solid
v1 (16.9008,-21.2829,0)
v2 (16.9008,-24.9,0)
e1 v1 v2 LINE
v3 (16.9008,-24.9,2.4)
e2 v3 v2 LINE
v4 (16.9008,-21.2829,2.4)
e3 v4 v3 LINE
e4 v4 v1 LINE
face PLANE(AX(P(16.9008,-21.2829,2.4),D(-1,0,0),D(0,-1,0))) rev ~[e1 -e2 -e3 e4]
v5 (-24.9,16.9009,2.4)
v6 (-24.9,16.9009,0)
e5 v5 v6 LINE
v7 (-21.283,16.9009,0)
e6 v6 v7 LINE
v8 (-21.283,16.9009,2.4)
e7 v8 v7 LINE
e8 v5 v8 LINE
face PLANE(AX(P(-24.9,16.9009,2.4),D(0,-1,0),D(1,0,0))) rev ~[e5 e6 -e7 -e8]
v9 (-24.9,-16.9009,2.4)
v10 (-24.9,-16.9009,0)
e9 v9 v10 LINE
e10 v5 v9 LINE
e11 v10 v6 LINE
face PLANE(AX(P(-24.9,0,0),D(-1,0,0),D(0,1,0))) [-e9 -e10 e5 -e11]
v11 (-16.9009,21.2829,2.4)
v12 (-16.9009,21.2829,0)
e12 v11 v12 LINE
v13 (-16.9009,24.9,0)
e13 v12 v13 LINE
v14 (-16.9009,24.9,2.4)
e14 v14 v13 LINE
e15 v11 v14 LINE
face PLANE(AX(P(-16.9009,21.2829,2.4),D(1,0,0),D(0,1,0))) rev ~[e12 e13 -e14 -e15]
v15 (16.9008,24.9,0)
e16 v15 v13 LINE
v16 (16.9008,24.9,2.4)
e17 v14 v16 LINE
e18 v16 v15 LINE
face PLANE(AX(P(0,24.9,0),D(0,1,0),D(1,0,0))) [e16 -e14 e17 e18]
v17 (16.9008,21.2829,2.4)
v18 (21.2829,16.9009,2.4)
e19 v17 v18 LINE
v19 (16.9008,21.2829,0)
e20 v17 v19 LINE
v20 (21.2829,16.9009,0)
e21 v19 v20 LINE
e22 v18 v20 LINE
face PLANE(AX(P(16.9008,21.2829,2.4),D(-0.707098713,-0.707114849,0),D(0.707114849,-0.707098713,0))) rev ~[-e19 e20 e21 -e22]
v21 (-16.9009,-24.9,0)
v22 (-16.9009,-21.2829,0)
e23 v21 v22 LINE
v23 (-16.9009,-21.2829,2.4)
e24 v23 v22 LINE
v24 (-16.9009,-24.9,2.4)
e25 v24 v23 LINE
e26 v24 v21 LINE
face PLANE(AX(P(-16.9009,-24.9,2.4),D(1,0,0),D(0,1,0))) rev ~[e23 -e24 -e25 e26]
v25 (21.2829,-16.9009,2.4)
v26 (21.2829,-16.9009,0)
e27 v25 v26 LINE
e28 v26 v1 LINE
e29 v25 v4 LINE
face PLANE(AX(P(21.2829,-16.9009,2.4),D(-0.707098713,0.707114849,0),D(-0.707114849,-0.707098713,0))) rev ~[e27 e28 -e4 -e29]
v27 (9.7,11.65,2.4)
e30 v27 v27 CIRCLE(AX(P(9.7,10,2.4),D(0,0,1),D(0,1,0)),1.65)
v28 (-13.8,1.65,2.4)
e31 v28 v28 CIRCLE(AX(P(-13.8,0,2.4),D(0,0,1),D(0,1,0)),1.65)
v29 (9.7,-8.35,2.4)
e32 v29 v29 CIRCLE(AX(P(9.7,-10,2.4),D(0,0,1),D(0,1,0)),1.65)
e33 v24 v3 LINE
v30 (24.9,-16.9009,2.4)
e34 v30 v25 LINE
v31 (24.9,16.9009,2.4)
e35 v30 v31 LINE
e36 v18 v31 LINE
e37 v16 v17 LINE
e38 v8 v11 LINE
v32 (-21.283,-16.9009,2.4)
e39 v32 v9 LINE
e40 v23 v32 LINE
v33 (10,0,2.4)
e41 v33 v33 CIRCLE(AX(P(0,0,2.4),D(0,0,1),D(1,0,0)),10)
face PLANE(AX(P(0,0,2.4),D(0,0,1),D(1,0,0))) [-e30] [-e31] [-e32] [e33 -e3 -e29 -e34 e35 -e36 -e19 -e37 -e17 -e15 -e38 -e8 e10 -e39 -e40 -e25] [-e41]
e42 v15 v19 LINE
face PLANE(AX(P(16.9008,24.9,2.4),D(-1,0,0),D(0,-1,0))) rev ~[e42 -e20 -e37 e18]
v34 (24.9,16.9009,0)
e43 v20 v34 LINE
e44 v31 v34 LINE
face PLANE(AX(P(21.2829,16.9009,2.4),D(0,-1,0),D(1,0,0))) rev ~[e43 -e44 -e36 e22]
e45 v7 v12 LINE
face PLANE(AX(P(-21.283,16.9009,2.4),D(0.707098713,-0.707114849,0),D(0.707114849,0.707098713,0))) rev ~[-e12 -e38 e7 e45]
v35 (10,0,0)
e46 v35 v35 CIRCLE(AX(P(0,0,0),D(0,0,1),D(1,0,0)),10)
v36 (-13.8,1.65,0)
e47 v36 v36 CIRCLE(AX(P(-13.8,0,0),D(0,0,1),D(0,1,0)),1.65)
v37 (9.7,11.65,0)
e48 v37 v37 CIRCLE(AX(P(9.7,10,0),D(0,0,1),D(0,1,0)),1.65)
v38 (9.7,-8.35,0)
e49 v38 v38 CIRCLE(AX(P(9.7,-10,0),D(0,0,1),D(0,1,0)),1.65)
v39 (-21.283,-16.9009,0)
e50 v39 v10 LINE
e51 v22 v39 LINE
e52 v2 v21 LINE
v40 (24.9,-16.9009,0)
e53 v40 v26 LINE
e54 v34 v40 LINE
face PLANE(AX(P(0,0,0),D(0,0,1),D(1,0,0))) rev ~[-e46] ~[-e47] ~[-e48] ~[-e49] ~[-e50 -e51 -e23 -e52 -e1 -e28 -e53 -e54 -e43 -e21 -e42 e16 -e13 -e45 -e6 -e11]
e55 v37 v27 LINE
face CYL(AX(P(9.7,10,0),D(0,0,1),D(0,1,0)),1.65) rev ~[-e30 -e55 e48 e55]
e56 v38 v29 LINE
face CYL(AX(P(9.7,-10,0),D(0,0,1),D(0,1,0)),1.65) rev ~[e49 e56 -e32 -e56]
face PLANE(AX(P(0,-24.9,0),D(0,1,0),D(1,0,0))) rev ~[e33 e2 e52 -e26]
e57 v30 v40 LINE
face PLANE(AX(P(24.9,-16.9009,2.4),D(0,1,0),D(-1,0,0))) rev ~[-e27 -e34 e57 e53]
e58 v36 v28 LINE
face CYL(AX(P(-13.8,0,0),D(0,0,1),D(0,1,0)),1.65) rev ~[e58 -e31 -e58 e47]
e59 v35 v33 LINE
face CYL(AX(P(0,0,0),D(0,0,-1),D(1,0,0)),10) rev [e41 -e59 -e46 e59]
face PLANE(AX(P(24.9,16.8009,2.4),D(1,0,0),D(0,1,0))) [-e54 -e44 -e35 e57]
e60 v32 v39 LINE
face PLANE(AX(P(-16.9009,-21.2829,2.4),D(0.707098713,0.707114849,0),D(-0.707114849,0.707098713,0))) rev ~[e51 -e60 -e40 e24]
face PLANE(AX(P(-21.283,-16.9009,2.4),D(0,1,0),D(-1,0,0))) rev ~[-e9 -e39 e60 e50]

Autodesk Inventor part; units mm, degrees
ref_plane "YZ Plane" through (0, 0, 0) normal (1, 0, 0) x (0, 1, 0)
ref_plane "XZ Plane" through (0, 0, 0) normal (0, 1, 0) x (-1, 0, 0)
ref_plane "Work Plane1" through (-29.1, -14.5, 2.4) normal (0, 0, -1) x (0, 1, 0)
sketch "Sketch1" plane through (0, 0, 0) normal (0, 0, 1) x (1, 0, 0)
  line L0 (-34.86, 0) -> (34.86, 0) construction
  line L1 (0, -34.86) -> (0, 34.86) construction
  line L2 (0, 0) -> (11.1575, 11.1575) construction
  line L3 (0, 0) -> (15.7791, 0) construction
  line L4 (0, 24.9) -> (16.8009, 24.9)
  line L5 (16.8009, 24.9) -> (16.8009, 21.2415)
  line L6 (16.8009, 21.2415) -> (19.0212, 19.0212)
  line L7 (24.9, 0) -> (24.9, 16.8009)
  line L8 (24.9, 16.8009) -> (21.2415, 16.8009)
  line L9 (21.2415, 16.8009) -> (19.0212, 19.0212)
  line L10 (0, -24.9) -> (16.8009, -24.9)
  line L11 (16.8009, -24.9) -> (16.8009, -21.2415)
  line L12 (16.8009, -21.2415) -> (19.0212, -19.0212)
  line L13 (24.9, 0) -> (24.9, -16.8009)
  line L14 (24.9, -16.8009) -> (21.2415, -16.8009)
  line L15 (21.2415, -16.8009) -> (19.0212, -19.0212)
  line L16 (0, 24.9) -> (-16.8009, 24.9)
  line L17 (-16.8009, 24.9) -> (-16.8009, 21.2415)
  line L18 (-16.8009, 21.2415) -> (-19.0212, 19.0212)
  line L19 (-24.9, 16.8009) -> (-21.2415, 16.8009)
  line L20 (-21.2415, 16.8009) -> (-19.0212, 19.0212)
  line L21 (0, -24.9) -> (-16.8009, -24.9)
  line L22 (-16.8009, -24.9) -> (-16.8009, -21.2415)
  line L23 (-16.8009, -21.2415) -> (-19.0212, -19.0212)
  line L24 (-21.2415, -16.8009) -> (-19.0212, -19.0212)
  line L25 (-24.9, -16.8009) -> (-21.2415, -16.8009)
  line L26 (-24.9, 0) -> (-24.9, -16.8009)
  line L27 (-24.9, 0) -> (-24.9, 16.8009)
  circle A0 centre (0, 0) radius 10
  dimension "d0" = 45
  dimension "d2" = 24.9
  dimension "d3" = 3.14
  dimension "d4" = 26.9
  dimension "d5" = 20
extrude "Extrusion1" add sketch "Sketch1" along normal up to surface (2.4 mm away)
sketch "Sketch5" plane through (0, 0, 0) normal (0, 0, -1) x (-1, 0, 0)
  circle A0 centre (-9.7, 10) radius 1.4
  circle A1 centre (-9.7, -10) radius 1.4
  circle A2 centre (13.8, 0) radius 1.4
  point P0 (0, 0)
hole "Hole1" at (9.7, 10, 0) at (-13.8, 0, 0) at (9.7, -10, 0) direction (0, 0, 1) diameter 3.3 depth 12 tip angle 118
sketch "Skizze6" plane through (-16.8009, 24.9, 2.4) normal (0, 0, 1) x (1, 0, 0)
  circle A0 centre (3.0009, -24.9) radius 1.65 construction
  circle A1 centre (26.5009, -14.9) radius 1.65 construction
  circle A2 centre (26.5009, -34.9) radius 1.65 construction
  circle A3 centre (16.8009, -24.9) radius 10 construction
  line L0 (33.6017, -3.6585) -> (33.6017, 0) projected
  line L1 (33.6017, 0) -> (0, 0) construction
  line L2 (0, 0) -> (0, -3.6585) projected
  line L3 (0, -3.6585) -> (-4.4406, -8.0991) projected
  line L4 (-4.4406, -8.0991) -> (-8.0991, -8.0991) projected
  line L5 (-8.0991, -8.0991) -> (-8.0991, -41.7009) construction
  line L6 (-8.0991, -41.7009) -> (-4.4406, -41.7009) projected
  line L7 (-4.4406, -41.7009) -> (0, -46.1415) projected
  line L8 (0, -46.1415) -> (0, -49.8) projected
  line L9 (0, -49.8) -> (33.6017, -49.8) construction
  line L10 (33.6017, -49.8) -> (33.6017, -46.1415) projected
  line L11 (33.6017, -46.1415) -> (38.0423, -41.7009) projected
  line L12 (38.0423, -41.7009) -> (41.7009, -41.7009) projected
  line L13 (41.7009, -41.7009) -> (41.7009, -8.0991) construction
  line L14 (41.7009, -8.0991) -> (38.0423, -8.0991) projected
  line L15 (38.0423, -8.0991) -> (33.6017, -3.6585) projected
  line L16 (-0.1, 0.1) -> (33.7017, 0.1) construction
  line L17 (33.7017, 0.1) -> (33.7017, -3.6171)
  line L18 (33.7017, -3.6171) -> (38.0838, -7.9991)
  line L19 (38.0838, -7.9991) -> (41.8009, -7.9991)
  line L20 (41.8009, -7.9991) -> (41.8009, -41.8009) construction
  line L21 (41.8009, -41.8009) -> (38.0838, -41.8009)
  line L22 (38.0838, -41.8009) -> (33.7017, -46.1829)
  line L23 (33.7017, -46.1829) -> (33.7017, -49.9)
  line L24 (33.7017, -49.9) -> (-0.1, -49.9) construction
  line L25 (-0.1, -49.9) -> (-0.1, -46.1829)
  line L26 (-0.1, -46.1829) -> (-4.4821, -41.8009)
  line L27 (-4.4821, -41.8009) -> (-8.1991, -41.8009)
  line L28 (-8.1991, -41.8009) -> (-8.1991, -7.9991) construction
  line L29 (-8.1991, -7.9991) -> (-4.4821, -7.9991)
  line L30 (-4.4821, -7.9991) -> (-0.1, -3.6171)
  line L31 (-0.1, -3.6171) -> (-0.1, 0.1)
  line L32 (-8.0991, -8.0991) -> (-8.0991, -7.9991)
  line L33 (0, -3.6585) -> (0, 0) projected
  line L34 (0, 0) -> (-0.1, 0)
  line L35 (33.6017, 0) -> (33.6017, -3.6585) projected
  line L36 (33.6017, 0) -> (33.7017, 0)
  line L37 (41.7009, -8.0991) -> (41.7009, -7.9991)
  line L38 (41.7009, -41.7009) -> (41.7009, -8.0991) projected
  line L39 (41.7009, -41.7009) -> (41.7009, -41.8009)
  line L40 (33.6017, -49.8) -> (0, -49.8) projected
  line L41 (33.6017, -49.8) -> (33.7017, -49.8)
  line L42 (0, -49.8) -> (-0.1, -49.8)
  line L43 (-8.0991, -41.7009) -> (-8.0991, -41.8009)
  dimension "d25" = 0.1
extrude "IM_offset" add sketch "Skizze6" against normal up to surface (2.4 mm away)
properties part number "20_Cube_insert_Basler_acA1920_25gm_v3"
